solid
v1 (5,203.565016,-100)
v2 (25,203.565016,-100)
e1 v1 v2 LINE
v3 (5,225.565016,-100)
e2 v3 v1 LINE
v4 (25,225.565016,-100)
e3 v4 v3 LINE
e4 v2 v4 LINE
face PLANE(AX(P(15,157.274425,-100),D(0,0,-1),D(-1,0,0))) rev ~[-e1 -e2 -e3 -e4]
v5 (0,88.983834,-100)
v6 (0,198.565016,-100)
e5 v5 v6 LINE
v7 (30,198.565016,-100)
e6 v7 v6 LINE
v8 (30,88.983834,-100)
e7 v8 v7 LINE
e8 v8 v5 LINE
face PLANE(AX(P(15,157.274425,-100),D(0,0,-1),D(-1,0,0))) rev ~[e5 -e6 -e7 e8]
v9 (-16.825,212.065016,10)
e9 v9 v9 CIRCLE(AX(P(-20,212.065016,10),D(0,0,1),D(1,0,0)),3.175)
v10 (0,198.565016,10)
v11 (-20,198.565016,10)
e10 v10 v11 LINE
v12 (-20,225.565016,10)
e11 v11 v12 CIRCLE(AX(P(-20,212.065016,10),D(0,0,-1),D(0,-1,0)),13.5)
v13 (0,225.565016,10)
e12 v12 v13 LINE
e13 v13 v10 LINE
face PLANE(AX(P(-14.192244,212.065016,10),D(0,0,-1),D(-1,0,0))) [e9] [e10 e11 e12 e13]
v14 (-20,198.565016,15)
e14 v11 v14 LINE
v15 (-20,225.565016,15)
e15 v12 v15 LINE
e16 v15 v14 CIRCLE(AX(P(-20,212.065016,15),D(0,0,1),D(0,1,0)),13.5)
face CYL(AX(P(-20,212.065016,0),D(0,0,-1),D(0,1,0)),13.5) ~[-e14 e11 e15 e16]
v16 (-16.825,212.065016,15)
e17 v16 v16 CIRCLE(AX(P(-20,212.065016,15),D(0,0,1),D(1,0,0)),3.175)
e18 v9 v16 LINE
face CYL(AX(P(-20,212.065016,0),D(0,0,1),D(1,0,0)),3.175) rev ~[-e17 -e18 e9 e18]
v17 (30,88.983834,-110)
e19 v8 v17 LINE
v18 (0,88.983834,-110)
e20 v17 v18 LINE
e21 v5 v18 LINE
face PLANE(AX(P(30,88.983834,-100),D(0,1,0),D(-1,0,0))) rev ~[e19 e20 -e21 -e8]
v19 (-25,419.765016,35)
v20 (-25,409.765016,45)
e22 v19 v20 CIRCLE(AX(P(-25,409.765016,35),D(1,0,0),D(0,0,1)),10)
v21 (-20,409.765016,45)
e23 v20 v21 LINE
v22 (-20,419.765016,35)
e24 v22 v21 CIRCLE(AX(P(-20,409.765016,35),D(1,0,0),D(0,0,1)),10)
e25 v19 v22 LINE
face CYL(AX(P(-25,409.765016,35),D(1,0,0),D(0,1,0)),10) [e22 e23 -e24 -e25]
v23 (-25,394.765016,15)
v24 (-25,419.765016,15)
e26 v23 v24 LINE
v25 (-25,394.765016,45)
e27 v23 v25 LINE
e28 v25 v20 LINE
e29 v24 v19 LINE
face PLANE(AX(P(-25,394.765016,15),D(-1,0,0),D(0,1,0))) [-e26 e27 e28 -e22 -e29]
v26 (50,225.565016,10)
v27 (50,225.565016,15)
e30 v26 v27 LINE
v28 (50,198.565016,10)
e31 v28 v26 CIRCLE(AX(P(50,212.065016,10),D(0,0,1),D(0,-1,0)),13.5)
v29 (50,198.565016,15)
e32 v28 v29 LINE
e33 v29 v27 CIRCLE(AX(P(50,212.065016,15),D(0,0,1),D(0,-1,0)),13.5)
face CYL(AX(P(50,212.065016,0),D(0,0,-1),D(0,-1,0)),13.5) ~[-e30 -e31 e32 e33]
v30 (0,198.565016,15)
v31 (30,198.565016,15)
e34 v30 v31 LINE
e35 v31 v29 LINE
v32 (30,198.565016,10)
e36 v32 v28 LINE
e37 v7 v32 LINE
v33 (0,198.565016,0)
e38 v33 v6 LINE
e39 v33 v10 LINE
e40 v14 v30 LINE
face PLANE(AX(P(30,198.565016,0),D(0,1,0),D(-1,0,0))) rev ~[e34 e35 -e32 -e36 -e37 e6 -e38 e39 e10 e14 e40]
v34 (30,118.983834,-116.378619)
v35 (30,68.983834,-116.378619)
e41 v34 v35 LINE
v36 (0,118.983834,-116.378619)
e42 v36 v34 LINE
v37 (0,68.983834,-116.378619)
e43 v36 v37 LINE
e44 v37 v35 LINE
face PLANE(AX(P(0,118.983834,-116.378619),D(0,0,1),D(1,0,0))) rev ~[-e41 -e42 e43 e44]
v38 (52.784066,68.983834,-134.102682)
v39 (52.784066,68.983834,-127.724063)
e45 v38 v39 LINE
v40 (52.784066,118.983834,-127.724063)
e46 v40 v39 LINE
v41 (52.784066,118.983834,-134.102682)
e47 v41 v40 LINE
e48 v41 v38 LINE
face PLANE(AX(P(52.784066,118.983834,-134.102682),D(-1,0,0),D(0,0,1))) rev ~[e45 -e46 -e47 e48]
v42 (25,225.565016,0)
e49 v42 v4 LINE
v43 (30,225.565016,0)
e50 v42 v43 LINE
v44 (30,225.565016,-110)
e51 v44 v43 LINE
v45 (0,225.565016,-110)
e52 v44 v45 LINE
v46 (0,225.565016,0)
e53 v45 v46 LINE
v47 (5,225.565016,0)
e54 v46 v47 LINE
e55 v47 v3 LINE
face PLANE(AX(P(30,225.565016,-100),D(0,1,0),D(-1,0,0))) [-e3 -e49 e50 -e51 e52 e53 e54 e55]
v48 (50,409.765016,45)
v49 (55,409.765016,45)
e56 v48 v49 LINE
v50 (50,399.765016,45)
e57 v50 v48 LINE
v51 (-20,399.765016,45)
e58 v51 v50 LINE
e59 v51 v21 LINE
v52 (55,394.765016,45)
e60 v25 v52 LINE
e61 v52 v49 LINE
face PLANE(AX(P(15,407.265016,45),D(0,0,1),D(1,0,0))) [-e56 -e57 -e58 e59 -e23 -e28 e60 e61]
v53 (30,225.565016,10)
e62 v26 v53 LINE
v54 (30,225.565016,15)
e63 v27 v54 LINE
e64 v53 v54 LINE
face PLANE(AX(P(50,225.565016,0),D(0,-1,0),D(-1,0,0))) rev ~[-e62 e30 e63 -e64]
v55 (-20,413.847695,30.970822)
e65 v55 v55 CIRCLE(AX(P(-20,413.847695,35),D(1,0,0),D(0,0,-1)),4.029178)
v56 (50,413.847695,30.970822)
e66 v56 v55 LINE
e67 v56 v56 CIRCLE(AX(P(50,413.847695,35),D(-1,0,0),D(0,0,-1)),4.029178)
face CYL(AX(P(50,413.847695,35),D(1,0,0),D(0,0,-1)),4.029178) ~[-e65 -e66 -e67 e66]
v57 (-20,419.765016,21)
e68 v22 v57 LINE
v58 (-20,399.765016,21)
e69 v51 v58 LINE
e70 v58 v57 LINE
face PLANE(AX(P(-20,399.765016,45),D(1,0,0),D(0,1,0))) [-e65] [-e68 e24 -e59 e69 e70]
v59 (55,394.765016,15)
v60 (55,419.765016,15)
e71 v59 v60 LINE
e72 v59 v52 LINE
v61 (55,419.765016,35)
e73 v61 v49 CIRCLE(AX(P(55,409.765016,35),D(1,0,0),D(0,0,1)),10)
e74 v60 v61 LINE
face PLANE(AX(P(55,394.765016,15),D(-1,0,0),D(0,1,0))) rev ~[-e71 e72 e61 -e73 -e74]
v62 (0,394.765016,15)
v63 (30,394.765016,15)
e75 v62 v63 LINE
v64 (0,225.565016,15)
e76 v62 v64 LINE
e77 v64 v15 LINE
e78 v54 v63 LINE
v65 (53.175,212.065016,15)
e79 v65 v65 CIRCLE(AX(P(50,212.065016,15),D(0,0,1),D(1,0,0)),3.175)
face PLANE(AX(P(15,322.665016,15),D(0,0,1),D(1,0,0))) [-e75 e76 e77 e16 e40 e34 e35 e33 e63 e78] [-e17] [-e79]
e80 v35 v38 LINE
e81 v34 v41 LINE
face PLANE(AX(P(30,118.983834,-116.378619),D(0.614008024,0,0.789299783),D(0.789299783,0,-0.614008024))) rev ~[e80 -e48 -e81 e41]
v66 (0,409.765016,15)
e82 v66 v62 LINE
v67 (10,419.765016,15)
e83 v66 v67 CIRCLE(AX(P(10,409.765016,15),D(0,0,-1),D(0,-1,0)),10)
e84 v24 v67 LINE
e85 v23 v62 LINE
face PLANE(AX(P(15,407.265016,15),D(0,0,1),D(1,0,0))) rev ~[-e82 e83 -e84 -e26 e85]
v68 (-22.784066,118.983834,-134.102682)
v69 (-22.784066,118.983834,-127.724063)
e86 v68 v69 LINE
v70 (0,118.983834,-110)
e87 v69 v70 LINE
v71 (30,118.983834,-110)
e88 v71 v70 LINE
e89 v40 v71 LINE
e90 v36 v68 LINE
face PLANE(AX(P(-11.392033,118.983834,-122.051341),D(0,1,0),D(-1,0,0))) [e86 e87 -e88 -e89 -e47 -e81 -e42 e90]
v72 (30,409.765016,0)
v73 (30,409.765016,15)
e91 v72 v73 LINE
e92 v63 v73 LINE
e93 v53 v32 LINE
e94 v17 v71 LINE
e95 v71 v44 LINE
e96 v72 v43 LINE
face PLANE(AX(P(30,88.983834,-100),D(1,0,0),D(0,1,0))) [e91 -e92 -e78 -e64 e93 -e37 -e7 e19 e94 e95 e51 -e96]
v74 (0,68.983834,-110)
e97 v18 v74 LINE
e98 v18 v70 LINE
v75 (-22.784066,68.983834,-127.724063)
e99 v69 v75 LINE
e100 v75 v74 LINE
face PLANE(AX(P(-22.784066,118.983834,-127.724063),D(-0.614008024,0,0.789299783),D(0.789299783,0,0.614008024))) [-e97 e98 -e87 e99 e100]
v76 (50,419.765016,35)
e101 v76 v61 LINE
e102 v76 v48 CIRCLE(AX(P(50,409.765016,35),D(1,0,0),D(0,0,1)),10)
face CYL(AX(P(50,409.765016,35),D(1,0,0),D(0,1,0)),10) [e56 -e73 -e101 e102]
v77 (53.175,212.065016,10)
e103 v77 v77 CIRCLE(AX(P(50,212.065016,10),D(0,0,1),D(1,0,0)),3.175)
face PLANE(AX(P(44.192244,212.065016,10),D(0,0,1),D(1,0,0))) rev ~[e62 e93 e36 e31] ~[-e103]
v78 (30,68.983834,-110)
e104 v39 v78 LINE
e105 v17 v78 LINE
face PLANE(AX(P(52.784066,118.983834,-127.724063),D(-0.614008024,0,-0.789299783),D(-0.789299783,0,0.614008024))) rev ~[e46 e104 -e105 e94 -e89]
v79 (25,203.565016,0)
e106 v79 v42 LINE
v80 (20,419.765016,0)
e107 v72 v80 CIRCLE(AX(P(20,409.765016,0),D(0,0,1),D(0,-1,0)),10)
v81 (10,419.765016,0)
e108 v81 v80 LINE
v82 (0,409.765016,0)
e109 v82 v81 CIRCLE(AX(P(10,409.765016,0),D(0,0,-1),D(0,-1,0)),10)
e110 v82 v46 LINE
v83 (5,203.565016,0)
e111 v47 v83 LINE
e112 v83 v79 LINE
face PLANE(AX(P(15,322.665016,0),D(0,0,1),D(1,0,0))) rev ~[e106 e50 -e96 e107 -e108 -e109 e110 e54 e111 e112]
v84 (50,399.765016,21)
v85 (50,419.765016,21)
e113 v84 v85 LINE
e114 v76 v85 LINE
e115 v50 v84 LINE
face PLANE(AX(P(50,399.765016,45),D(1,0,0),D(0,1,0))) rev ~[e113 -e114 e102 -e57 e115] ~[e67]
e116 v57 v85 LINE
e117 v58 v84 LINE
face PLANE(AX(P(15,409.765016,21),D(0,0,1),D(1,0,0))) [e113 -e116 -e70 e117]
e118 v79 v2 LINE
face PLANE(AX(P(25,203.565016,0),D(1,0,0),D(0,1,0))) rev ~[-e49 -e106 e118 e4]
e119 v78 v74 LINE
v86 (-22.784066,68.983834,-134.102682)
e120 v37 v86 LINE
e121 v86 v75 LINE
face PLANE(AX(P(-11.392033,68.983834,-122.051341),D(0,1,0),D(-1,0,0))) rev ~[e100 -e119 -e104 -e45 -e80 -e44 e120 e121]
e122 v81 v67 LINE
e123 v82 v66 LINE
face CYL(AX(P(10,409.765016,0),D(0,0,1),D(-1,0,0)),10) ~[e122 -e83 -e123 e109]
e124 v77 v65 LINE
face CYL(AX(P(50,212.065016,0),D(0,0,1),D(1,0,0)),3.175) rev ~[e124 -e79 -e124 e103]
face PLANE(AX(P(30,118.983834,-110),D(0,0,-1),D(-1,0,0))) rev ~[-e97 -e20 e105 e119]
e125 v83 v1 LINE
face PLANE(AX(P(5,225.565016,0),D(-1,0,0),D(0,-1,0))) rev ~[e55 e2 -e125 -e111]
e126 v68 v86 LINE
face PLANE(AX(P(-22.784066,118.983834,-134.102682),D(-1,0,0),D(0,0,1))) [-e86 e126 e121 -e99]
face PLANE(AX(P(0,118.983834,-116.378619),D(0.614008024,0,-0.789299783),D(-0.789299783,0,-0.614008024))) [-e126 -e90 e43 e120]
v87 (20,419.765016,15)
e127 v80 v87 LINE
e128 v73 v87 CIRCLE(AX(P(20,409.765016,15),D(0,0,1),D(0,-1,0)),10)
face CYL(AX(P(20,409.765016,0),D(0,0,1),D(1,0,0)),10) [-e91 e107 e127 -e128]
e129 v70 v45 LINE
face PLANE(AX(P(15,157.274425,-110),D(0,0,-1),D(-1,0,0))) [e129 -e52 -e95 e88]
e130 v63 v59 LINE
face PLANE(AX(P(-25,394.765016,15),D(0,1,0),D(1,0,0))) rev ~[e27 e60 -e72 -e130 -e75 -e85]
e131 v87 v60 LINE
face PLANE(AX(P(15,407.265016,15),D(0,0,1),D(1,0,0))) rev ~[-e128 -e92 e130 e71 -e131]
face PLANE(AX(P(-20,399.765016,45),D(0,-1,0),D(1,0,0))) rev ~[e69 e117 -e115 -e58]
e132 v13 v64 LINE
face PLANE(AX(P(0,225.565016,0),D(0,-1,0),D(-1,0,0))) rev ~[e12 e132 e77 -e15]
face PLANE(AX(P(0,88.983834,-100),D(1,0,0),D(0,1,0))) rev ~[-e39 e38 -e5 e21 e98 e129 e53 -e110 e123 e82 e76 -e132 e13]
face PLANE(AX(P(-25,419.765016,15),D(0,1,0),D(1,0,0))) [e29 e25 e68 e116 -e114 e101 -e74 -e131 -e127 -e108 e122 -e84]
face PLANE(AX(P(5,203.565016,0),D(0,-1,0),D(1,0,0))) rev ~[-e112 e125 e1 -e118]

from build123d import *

# Parameters (mm, degrees)
SKETCH1_W                       = 30
SKETCH1_H                       = 194.2
SKETCH1_H_2                     = 27
SKETCH1_H_3                     = 261.4
EXTRUDE1_DEPTH                  = 15
FILLET1_R                       = 10
EXTRUDE2_DEPTH                  = 10
SKETCH3_W                       = 80
SKETCH3_H                       = 25
EXTRUDE3_DEPTH                  = 30
SKETCH5_W                       = 70
SKETCH5_H                       = 20
EXTRUDE4_DEPTH                  = 24
FILLET2_R                       = 10
EXTRUDE5_REACH                  = 432.349
SKETCH6_R                       = 4.029178008
SKETCH7_W                       = 30
SKETCH7_H                       = 263.372286267
EXTRUDE6_DEPTH                  = 427.91910061
EXTRUDE7_DEPTH                  = 100
SKETCH9_W                       = 30
SKETCH9_H                       = 136.58118173
EXTRUDE8_DEPTH                  = 10
F_1_4_0_25_DIAMETER_HOLE1_D     = 6.35
F_1_4_0_25_DIAMETER_HOLE1_DEPTH = 10
F_1_4_0_25_DIAMETER_HOLE1_TIP   = 1.907732465
EXTRUDE12_DEPTH                 = 20
EXTRUDE12_DEPTH_BACK            = 30
SKETCH11_W                      = 15
SKETCH11_H                      = 6.378618897


with BuildPart() as part:
    # Sketch1 → Extrude1 (new body)
    with BuildSketch(Plane.XY):
        with Locations((15, 322.665015772)):
            Rectangle(SKETCH1_W, SKETCH1_H)
        with BuildLine():
            Line((30, 225.565015772), (30, 198.565015772))
            Line((30, 198.565015772), (50, 198.565015772))
            ThreePointArc((50, 198.565015772), (63.5, 212.065015772), (50, 225.565015772))
            Line((50, 225.565015772), (30, 225.565015772))
        make_face()
        with Locations((15, 212.065015772)):
            Rectangle(SKETCH1_W, SKETCH1_H_2)
        with BuildLine():
            Line((-20, 198.565015772), (0, 198.565015772))
            Line((0, 198.565015772), (0, 225.565015772))
            Line((0, 225.565015772), (-20, 225.565015772))
            ThreePointArc((-20, 225.565015772), (-33.5, 212.065015772), (-20, 198.565015772))
        make_face()
        with Locations((15, 67.865015772)):
            Rectangle(SKETCH1_W, SKETCH1_H_3)
    extrude(amount=EXTRUDE1_DEPTH)

    # Fillet1
    fillet1_edges = [part.edges().sort_by_distance(p)[0] for p in [
        (0, 419.765015772, 7.5),
        (30, 419.765015772, 7.5),
        (30, -62.834984228, 7.5),
        (0, -62.834984228, 7.5),
    ]]
    fillet(fillet1_edges, radius=FILLET1_R)

    # Sketch2 → Extrude2 (cut)
    with BuildSketch(Plane(origin=(0, 0, 0), x_dir=(-1, 0, 0), z_dir=(0, 0, -1))):
        with BuildLine():
            Line((-50, 225.565015772), (-30, 225.565015772))
            Line((-30, 225.565015772), (-30, 198.565015772))
            Line((-30, 198.565015772), (-50, 198.565015772))
            ThreePointArc((-50, 198.565015772), (-63.5, 212.065015772), (-50, 225.565015772))
        make_face()
        with BuildLine():
            Line((0, 198.565015772), (20, 198.565015772))
            ThreePointArc((20, 198.565015772), (33.5, 212.065015772), (20, 225.565015772))
            Line((20, 225.565015772), (0, 225.565015772))
            Line((0, 225.565015772), (0, 198.565015772))
        make_face()
    extrude(amount=-EXTRUDE2_DEPTH, mode=Mode.SUBTRACT)

    # Sketch3 → Extrude3 (add)
    with BuildSketch(Plane.XY.offset(15)):
        with Locations((15, 407.265015772)):
            Rectangle(SKETCH3_W, SKETCH3_H)
    extrude(amount=EXTRUDE3_DEPTH)

    # Sketch5 → Extrude4 (cut)
    with BuildSketch(Plane.XY.offset(45)):
        with Locations((15, 409.765015772)):
            Rectangle(SKETCH5_W, SKETCH5_H)
    extrude(amount=-EXTRUDE4_DEPTH, mode=Mode.SUBTRACT)

    # Fillet2
    fillet2_edges = [part.edges().sort_by_distance(p)[0] for p in [
        (52.5, 419.765015772, 45),
        (-22.5, 419.765015772, 45),
    ]]
    fillet(fillet2_edges, radius=FILLET2_R)

    # Sketch6 → Extrude5 (add, up to next)
    with BuildSketch(Plane.ZY.offset(-50), mode=Mode.PRIVATE) as extrude5_sk1:
        with Locations(Location((35, 413.847695375, 0), (0, 0, 180))):
            Circle(SKETCH6_R)
    extrude5_tool1 = extrude(extrude5_sk1.sketch, amount=EXTRUDE5_REACH, mode=Mode.PRIVATE) - part.part
    add(extrude5_tool1.solids().sort_by_distance((50, 413.847695, 35))[0])

    # Sketch7 → Extrude6 (cut, through all)
    with BuildSketch(Plane(origin=(0, 0, 0), x_dir=(-1, 0, 0), z_dir=(0, 0, -1))):
        with Locations((-15, 66.878872639)):
            Rectangle(SKETCH7_W, SKETCH7_H)
    extrude(amount=-EXTRUDE6_DEPTH, mode=Mode.SUBTRACT)

    # Sketch8 → Extrude7 (add)
    with BuildSketch(Plane(origin=(0, 0, 0), x_dir=(-1, 0, 0), z_dir=(0, 0, -1))):
        Polygon((-30, 198.565015772), (0, 198.565015772), (0, 225.565015772), (-5, 225.565015772), (-5, 203.565015772), (-25, 203.565015772), (-25, 225.565015772), (-30, 225.565015772), align=None)
    extrude(amount=EXTRUDE7_DEPTH)

    # Sketch9 → Extrude8 (add)
    with BuildSketch(Plane(origin=(0, 0, -100), x_dir=(-1, 0, 0), z_dir=(0, 0, -1))):
        with Locations((-15, 157.274424907)):
            Rectangle(SKETCH9_W, SKETCH9_H)
    extrude(amount=EXTRUDE8_DEPTH)

    # 1/4 (0.25) Diameter Hole1
    with Locations(Plane(origin=(-20, 212.065015772, 10), x_dir=(-1, 0, 0), z_dir=(0, 0, -1))):
        with Locations((0, 0), (-70, 0)):
            Hole(F_1_4_0_25_DIAMETER_HOLE1_D / 2, depth=F_1_4_0_25_DIAMETER_HOLE1_DEPTH)
            with Locations((0, 0, -(F_1_4_0_25_DIAMETER_HOLE1_DEPTH + F_1_4_0_25_DIAMETER_HOLE1_TIP / 2))):  # 118° drill point
                Cone(0, F_1_4_0_25_DIAMETER_HOLE1_D / 2, F_1_4_0_25_DIAMETER_HOLE1_TIP, mode=Mode.SUBTRACT)

    # Sketch11 → Extrude12 (add, two sides: drawn at the far end of the back side and taken through both)
    with BuildSketch(Plane.XZ.offset(-88.983834042).offset(-EXTRUDE12_DEPTH_BACK)):
        Polygon((0, -116.378618897), (-22.784065685, -134.102681991), (-22.784065685, -127.724063095), (0, -110), align=None)
        with Locations((22.5, -113.189309449)):
            Rectangle(SKETCH11_W, SKETCH11_H)
        with Locations((7.5, -113.189309449)):
            Rectangle(SKETCH11_W, SKETCH11_H)
        Polygon((30, -116.378618897), (52.784065685, -134.102681991), (52.784065685, -127.724063095), (30, -110), align=None)
    extrude(amount=EXTRUDE12_DEPTH + EXTRUDE12_DEPTH_BACK)


solid = part.part
